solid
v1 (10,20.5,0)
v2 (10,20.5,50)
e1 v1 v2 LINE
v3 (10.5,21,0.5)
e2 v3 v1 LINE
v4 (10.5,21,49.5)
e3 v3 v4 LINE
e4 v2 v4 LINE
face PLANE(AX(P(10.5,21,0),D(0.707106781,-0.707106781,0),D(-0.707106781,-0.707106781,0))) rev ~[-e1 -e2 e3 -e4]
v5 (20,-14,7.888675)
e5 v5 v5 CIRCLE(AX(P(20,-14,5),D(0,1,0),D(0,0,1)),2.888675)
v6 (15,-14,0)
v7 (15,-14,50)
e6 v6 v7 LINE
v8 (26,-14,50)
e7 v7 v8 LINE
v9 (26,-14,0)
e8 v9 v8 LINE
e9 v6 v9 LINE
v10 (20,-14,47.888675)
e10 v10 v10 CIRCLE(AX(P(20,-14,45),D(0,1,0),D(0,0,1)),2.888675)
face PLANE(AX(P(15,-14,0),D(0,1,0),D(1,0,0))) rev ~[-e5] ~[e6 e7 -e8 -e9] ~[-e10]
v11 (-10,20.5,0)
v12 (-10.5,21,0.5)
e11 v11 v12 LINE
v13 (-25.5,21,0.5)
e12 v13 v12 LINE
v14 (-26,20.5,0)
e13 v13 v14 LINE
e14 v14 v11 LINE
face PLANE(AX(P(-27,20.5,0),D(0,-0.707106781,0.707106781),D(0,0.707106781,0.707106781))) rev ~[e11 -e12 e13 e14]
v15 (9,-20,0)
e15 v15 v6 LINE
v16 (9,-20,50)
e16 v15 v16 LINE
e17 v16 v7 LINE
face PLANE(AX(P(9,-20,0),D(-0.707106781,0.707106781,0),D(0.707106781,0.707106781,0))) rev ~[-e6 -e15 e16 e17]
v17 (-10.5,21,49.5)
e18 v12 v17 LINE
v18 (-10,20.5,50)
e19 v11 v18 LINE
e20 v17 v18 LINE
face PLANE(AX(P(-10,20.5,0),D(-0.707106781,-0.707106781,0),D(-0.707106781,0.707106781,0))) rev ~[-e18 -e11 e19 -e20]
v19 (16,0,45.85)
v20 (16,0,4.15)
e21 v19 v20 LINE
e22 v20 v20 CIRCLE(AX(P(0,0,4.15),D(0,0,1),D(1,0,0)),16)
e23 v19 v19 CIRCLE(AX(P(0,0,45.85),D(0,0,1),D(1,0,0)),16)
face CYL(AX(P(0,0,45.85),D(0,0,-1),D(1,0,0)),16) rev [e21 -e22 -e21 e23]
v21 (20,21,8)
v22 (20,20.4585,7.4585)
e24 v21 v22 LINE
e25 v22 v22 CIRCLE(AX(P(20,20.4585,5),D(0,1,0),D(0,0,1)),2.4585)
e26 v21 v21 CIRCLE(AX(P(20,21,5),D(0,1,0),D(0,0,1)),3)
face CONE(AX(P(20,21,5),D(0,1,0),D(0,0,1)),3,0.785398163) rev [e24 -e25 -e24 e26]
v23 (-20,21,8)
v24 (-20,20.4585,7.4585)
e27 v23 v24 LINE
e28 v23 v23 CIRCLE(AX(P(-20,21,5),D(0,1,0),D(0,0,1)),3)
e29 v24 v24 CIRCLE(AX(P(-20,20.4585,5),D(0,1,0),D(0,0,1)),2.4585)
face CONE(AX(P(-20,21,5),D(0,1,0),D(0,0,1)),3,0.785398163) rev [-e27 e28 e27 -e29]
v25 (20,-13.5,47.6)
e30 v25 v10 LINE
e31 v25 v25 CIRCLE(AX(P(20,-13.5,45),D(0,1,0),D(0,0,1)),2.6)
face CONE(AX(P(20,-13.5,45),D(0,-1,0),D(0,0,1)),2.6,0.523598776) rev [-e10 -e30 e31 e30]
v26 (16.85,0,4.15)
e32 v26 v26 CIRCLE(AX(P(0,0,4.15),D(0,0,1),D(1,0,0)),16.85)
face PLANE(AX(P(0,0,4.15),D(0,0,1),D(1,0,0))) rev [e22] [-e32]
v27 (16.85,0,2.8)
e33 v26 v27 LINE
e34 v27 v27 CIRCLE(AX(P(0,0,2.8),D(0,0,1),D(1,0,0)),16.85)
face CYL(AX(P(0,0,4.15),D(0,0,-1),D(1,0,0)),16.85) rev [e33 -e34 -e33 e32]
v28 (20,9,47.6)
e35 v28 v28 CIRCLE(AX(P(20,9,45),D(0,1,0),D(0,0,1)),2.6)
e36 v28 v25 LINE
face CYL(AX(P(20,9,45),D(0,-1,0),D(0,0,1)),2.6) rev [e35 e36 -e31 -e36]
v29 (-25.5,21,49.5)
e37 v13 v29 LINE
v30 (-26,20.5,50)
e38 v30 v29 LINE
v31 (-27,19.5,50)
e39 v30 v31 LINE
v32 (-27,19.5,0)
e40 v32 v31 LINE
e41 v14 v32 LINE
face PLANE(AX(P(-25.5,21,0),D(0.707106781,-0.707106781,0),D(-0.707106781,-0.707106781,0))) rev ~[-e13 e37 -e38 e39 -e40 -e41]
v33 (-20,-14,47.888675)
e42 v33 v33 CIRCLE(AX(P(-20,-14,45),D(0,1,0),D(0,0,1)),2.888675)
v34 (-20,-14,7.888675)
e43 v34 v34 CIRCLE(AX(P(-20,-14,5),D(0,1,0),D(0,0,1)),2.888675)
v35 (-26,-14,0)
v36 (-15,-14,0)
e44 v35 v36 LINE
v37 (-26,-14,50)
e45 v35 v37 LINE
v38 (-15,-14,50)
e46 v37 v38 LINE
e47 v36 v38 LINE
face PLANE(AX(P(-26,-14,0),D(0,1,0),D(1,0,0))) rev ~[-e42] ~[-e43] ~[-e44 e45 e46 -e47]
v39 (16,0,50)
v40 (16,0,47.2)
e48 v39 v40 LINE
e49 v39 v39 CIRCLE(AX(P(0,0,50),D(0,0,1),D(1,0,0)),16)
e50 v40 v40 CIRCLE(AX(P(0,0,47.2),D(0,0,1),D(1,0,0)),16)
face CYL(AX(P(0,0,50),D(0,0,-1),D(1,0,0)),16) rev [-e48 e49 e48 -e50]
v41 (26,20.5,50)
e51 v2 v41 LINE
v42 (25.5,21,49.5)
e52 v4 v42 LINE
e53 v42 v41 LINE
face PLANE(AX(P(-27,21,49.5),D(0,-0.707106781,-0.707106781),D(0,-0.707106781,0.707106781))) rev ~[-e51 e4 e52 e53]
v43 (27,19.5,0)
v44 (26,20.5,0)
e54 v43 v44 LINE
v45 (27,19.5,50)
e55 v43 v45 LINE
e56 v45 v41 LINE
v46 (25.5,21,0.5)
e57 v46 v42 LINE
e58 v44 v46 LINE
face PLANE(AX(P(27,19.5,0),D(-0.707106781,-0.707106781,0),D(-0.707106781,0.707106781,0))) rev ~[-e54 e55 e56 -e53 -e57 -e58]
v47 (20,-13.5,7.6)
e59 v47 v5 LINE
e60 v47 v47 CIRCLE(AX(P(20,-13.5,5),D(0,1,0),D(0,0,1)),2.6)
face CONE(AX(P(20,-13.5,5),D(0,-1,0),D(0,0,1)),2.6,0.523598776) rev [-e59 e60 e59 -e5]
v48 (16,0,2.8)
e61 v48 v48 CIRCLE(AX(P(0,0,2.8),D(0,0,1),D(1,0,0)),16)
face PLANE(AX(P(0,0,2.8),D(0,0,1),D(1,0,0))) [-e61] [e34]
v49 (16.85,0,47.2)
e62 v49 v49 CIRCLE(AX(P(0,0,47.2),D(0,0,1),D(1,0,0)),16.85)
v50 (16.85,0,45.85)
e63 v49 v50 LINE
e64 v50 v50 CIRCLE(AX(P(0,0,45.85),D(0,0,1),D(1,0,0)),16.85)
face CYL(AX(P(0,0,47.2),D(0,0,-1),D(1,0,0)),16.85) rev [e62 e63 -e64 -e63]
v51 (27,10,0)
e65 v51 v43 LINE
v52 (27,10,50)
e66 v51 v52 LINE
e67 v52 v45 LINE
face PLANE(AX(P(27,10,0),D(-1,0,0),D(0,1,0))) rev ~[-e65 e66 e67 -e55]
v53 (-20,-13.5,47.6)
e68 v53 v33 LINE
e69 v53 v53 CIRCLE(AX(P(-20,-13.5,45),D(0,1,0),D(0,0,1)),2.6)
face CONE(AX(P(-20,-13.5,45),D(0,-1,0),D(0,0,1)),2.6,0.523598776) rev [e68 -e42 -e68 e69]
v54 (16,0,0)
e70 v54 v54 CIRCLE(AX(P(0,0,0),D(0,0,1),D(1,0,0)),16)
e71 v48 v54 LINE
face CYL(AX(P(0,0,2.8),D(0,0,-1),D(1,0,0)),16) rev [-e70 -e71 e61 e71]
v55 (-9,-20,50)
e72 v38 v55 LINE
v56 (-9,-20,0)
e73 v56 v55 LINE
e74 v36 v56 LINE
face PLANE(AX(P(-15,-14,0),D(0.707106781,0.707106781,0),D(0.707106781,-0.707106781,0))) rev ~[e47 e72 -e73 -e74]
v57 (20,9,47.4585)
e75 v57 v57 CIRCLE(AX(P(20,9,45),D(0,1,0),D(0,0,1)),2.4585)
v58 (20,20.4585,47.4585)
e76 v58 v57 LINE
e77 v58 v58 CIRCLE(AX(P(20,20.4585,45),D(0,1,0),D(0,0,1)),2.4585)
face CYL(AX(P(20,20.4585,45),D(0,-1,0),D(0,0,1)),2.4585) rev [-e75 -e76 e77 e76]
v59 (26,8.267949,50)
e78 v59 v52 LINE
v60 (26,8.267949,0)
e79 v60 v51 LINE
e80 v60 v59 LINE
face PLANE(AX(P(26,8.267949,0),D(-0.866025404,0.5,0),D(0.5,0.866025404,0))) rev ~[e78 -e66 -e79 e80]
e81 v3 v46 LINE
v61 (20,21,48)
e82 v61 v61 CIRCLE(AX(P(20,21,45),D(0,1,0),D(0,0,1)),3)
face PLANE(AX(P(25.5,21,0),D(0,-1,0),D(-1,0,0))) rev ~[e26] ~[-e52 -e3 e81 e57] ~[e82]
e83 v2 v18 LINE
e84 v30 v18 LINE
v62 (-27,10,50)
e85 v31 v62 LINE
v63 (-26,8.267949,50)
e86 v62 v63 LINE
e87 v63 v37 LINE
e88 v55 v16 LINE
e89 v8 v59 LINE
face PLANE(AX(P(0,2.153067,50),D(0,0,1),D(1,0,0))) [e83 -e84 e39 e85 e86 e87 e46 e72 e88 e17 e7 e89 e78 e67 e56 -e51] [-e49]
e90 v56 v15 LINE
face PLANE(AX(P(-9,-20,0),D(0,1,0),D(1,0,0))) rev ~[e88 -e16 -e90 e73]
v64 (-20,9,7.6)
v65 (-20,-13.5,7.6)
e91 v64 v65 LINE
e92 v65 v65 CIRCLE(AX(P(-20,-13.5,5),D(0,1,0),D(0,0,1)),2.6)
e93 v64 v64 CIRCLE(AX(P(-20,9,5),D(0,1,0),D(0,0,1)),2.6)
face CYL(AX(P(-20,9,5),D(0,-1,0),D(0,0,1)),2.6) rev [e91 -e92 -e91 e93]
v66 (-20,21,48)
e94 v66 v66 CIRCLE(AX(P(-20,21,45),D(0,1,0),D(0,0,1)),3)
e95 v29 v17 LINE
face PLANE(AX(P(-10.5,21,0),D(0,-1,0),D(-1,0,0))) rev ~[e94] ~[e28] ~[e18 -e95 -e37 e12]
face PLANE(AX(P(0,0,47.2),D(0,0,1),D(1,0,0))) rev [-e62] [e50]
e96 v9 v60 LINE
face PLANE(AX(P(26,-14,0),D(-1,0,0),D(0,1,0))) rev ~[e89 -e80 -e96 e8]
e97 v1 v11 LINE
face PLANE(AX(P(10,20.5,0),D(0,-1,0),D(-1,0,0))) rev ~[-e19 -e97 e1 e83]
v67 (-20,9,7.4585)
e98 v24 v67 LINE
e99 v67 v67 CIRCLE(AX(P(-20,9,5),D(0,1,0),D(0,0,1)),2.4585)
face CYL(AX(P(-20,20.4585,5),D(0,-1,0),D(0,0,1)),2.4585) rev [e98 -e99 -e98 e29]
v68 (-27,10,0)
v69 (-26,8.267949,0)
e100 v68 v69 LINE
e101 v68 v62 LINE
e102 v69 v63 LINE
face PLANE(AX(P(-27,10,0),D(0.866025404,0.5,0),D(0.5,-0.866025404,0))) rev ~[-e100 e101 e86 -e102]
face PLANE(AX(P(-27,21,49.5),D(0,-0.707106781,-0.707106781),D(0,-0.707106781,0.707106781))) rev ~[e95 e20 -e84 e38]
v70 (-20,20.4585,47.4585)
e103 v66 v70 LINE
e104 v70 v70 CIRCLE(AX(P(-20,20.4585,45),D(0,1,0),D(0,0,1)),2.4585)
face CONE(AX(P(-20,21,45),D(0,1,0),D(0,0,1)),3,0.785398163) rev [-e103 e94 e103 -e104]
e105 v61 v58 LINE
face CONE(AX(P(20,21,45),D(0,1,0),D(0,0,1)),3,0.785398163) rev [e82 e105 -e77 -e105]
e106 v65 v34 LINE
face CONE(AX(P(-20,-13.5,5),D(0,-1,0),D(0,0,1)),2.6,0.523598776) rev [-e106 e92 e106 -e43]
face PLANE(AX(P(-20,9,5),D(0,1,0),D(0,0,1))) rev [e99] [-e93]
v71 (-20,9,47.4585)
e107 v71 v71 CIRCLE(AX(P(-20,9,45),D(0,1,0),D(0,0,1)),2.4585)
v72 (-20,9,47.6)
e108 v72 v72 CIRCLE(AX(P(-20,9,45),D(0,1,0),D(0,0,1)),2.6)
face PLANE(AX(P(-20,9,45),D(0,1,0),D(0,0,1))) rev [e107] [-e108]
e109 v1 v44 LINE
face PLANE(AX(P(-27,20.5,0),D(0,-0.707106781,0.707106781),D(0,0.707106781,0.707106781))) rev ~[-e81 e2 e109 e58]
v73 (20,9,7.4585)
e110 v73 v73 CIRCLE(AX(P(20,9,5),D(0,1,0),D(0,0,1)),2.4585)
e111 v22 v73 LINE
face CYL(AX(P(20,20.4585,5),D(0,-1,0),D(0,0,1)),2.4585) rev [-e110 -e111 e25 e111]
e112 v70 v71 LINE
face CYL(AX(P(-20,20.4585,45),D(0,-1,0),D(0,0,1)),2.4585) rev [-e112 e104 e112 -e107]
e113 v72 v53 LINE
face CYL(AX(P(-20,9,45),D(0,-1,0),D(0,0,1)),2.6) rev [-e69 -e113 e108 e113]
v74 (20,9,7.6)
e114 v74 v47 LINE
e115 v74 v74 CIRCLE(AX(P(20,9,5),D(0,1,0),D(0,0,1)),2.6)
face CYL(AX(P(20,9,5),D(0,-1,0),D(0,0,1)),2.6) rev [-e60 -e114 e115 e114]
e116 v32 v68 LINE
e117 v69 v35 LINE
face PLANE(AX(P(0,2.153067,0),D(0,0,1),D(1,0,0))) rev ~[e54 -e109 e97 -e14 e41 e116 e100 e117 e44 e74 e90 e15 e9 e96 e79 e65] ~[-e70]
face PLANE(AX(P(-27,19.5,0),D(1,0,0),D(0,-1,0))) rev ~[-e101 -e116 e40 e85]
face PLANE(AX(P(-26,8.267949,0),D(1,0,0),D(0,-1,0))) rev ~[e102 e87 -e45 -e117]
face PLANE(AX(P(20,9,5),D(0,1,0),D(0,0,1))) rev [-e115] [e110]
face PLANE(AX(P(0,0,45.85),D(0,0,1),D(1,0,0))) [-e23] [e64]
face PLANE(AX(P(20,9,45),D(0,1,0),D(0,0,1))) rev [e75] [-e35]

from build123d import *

# Parameters (mm, degrees)
EXTRUDE_1_DEPTH          = 50
CUT_EXTRUDE_1_DEPTH      = 27
CUT_EXTRUDE_1_DEPTH_BACK = 27
SKETCH_2_W               = 75
SKETCH_2_H               = 82


with BuildPart() as part:
    # 草图1 → 凸台-拉伸1 (new body)
    with BuildSketch(Plane.XY):
        Polygon((-27, 19.5), (-27, 10), (-26, 8.267949192), (-26, -14), (-15, -14), (-9, -20), (9, -20), (15, -14), (26, -14), (26, 8.267949192), (27, 10), (27, 19.5), (25.5, 21), (10.5, 21), (10, 20.5), (-10, 20.5), (-10.5, 21), (-25.5, 21), align=None)
    extrude(amount=EXTRUDE_1_DEPTH)

    # 草图2 → 切除-拉伸1 (cut, two sides: drawn at the far end of the back side and taken through both)
    with BuildSketch(Plane(origin=(0, 0, 0), x_dir=(0, 0, -1), z_dir=(1, 0, 0)).offset(-CUT_EXTRUDE_1_DEPTH_BACK)):
        with Locations((-25, 0)):
            Rectangle(SKETCH_2_W, SKETCH_2_H)
        Polygon((-50, -20), (0, -20), (0, 20.5), (-0.5, 21), (-49.5, 21), (-50, 20.5), align=None, mode=Mode.SUBTRACT)
    extrude(amount=CUT_EXTRUDE_1_DEPTH + CUT_EXTRUDE_1_DEPTH_BACK, mode=Mode.SUBTRACT)

    # 草图3 → 切除-旋转1 (revolve, cut)
    with BuildSketch(Plane(origin=(0, 0, 0), x_dir=(0, 0, -1), z_dir=(1, 0, 0))):
        Polygon((-50, 0), (-50, 16), (-47.2, 16), (-47.2, 16.85), (-45.85, 16.85), (-45.85, 16), (-4.15, 16), (-4.15, 16.85), (-2.8, 16.85), (-2.8, 16), (0, 16), (0, 0), align=None)
    revolve(axis=Axis((0, 0, 0), (0, 0, 1)), mode=Mode.SUBTRACT)

    # 草图4 → 切除-旋转2 (revolve, cut)
    with BuildSketch(Plane(origin=(20, 0, 0), x_dir=(0, 0, -1), z_dir=(1, 0, 0))):
        Polygon((-5, 21), (-2, 21), (-2.5415, 20.4585), (-2.5415, 9), (-2.4, 9), (-2.4, -13.5), (-2.111324865, -14), (-5, -14), align=None)
    revolve(axis=Axis((20, -14, 5), (0, 1, 0)), mode=Mode.SUBTRACT)

    # 草图5 → 切除-旋转3 (revolve, cut)
    with BuildSketch(Plane(origin=(20, 0, 0), x_dir=(0, 0, -1), z_dir=(1, 0, 0))):
        Polygon((-45, 21), (-42, 21), (-42.5415, 20.4585), (-42.5415, 9), (-42.4, 9), (-42.4, -13.5), (-42.111324865, -14), (-45, -14), align=None)
    revolve(axis=Axis((20, -14, 45), (0, 1, 0)), mode=Mode.SUBTRACT)

    # 草图6 → 切除-旋转4 (revolve, cut)
    with BuildSketch(Plane(origin=(-20, 0, 0), x_dir=(0, 0, -1), z_dir=(1, 0, 0))):
        Polygon((-5, 21), (-2, 21), (-2.5415, 20.4585), (-2.5415, 9), (-2.4, 9), (-2.4, -13.5), (-2.111324865, -14), (-5, -14), align=None)
    revolve(axis=Axis((-20, -14, 5), (0, 1, 0)), mode=Mode.SUBTRACT)

    # 草图7 → 切除-旋转5 (revolve, cut)
    with BuildSketch(Plane(origin=(-20, 0, 0), x_dir=(0, 0, -1), z_dir=(1, 0, 0))):
        Polygon((-45, 21), (-42, 21), (-42.5415, 20.4585), (-42.5415, 9), (-42.4, 9), (-42.4, -13.5), (-42.111324865, -14), (-45, -14), align=None)
    revolve(axis=Axis((-20, -14, 45), (0, 1, 0)), mode=Mode.SUBTRACT)


solid = part.part
